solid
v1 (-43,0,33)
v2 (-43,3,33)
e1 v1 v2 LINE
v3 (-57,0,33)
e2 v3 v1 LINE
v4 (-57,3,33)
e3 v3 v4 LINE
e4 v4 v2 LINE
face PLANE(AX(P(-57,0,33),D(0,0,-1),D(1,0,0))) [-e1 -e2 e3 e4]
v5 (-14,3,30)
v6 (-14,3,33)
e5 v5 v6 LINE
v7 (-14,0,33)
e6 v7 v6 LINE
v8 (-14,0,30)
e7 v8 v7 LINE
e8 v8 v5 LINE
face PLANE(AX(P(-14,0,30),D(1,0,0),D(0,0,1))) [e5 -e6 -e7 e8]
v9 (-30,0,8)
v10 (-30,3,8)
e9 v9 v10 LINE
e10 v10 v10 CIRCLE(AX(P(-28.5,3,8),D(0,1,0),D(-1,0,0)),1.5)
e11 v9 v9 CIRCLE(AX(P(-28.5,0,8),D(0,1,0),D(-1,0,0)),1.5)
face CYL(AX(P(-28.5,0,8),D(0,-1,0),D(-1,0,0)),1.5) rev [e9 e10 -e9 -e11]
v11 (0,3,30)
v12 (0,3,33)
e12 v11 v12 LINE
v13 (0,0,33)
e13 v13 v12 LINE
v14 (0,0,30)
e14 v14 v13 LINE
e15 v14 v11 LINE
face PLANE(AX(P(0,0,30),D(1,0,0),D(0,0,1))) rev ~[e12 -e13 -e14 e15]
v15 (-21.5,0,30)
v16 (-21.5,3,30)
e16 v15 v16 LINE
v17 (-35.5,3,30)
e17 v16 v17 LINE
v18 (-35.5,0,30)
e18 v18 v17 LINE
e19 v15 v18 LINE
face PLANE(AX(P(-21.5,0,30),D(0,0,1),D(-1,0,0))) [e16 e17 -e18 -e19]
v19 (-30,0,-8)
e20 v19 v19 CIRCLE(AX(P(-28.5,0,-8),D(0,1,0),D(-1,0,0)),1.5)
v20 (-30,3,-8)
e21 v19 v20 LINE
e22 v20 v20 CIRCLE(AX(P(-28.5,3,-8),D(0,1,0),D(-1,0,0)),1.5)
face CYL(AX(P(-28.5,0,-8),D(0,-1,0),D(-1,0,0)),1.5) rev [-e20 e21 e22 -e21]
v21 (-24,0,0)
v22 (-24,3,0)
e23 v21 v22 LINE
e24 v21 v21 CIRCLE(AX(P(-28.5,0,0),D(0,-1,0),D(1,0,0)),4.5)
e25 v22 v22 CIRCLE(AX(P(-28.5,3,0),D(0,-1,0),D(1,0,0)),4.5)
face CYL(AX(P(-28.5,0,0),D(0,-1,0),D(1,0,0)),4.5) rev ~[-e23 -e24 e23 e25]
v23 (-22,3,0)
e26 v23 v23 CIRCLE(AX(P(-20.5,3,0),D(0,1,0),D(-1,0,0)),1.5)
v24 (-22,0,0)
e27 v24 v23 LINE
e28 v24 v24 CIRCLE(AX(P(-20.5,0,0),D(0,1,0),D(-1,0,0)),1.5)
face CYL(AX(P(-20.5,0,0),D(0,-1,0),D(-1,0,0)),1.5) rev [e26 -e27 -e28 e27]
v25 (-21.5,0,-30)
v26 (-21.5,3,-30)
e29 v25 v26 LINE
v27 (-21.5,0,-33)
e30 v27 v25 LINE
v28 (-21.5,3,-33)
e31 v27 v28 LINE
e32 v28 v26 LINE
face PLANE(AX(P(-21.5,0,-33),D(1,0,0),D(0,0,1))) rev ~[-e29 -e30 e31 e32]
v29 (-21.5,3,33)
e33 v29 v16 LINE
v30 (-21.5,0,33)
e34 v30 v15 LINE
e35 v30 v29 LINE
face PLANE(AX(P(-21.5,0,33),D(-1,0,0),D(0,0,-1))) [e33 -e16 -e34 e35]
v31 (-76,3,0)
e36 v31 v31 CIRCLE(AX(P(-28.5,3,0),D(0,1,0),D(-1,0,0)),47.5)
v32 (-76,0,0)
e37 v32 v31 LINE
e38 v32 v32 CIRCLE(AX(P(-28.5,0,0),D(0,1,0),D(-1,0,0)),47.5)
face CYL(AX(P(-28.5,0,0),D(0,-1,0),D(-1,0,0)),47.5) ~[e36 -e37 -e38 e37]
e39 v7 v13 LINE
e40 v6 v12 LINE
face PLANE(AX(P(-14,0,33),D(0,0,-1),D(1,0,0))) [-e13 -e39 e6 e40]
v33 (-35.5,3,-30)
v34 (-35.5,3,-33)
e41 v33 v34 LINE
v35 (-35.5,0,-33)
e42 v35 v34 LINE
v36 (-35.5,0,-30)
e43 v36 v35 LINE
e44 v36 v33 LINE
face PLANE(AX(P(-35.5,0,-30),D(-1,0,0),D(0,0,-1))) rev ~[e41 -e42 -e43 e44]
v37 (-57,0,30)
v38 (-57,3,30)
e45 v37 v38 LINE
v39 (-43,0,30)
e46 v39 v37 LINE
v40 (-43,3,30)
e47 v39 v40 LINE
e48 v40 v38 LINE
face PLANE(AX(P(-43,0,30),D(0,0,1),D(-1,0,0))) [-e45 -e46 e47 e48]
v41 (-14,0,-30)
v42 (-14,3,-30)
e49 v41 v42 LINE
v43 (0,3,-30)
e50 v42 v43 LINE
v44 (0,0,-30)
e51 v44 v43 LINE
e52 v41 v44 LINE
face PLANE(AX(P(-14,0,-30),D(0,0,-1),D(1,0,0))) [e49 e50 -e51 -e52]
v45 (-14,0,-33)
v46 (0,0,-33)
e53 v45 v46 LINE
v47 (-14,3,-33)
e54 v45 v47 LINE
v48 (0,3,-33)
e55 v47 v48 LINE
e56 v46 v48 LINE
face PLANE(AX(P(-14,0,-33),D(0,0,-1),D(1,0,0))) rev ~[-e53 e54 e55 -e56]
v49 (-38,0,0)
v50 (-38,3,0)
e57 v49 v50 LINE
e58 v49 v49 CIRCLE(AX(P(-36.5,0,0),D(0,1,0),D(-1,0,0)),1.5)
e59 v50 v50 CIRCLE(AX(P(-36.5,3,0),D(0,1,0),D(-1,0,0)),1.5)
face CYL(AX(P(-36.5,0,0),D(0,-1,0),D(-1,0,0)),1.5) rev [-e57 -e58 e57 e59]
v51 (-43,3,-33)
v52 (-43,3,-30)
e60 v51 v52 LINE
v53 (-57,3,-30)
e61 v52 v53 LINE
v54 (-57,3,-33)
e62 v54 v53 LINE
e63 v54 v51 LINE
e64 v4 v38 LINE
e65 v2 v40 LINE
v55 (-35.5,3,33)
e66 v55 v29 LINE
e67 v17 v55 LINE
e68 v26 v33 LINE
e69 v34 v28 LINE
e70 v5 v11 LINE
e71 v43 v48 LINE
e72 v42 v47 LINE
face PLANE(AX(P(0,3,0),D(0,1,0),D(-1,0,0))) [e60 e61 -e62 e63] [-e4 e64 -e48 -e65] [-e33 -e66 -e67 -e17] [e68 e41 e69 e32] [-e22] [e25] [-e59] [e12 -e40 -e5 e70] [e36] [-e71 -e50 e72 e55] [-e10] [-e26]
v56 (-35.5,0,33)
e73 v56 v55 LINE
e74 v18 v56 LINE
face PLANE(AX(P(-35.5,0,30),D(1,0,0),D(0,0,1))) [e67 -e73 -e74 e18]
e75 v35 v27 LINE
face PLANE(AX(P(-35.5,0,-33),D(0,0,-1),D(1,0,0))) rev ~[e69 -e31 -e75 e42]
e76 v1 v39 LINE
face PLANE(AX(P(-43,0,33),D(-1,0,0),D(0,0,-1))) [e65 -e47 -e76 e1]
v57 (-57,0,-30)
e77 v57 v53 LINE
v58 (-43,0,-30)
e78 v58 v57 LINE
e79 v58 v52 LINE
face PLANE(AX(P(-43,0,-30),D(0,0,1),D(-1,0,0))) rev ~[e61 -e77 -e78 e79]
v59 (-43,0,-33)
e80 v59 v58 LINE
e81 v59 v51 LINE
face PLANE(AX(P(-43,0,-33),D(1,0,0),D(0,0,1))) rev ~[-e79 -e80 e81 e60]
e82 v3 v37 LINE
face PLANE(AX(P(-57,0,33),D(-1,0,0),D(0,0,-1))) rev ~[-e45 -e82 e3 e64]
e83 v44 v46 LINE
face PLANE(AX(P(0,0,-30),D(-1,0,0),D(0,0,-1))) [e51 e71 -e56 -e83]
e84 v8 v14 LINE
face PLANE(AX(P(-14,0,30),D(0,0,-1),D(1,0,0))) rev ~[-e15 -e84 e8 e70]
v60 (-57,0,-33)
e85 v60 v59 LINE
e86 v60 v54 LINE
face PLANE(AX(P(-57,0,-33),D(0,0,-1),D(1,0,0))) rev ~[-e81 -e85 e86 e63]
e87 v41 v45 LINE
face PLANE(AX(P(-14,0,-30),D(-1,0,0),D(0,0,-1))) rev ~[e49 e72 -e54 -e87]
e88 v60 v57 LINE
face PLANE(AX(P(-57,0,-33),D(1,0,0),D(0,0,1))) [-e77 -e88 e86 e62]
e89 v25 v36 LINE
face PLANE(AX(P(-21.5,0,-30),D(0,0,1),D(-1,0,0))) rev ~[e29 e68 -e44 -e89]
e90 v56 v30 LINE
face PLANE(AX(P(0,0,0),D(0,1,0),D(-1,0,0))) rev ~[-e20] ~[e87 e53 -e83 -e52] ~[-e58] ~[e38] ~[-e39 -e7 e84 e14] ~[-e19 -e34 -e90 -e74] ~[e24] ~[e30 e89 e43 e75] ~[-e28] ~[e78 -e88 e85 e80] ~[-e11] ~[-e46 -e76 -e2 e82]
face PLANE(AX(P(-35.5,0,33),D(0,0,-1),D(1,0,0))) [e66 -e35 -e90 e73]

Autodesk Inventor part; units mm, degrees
ref_plane "YZ Plane" through (0, 0, 0) normal (1, 0, 0) x (0, 1, 0)
ref_plane "XZ Plane" through (0, 0, 0) normal (0, 1, 0) x (-1, 0, 0)
ref_plane "XY Plane" through (0, 0, 0) normal (0, 0, 1) x (1, 0, 0)
sketch "Boceto1" plane through (0, 0, 0) normal (0, 1, 0) x (-1, 0, 0)
  circle A0 centre (28.5, 0) radius 1.5
  circle A1 centre (28.5, -8) radius 1.5
  circle A2 centre (28.5, 8) radius 1.5
  circle A3 centre (36.5, 0) radius 1.5
  circle A4 centre (20.5, 0) radius 1.5
  circle A5 centre (28.5, 0) radius 47.5
  line L0 (57, 33) -> (43, 33)
  line L1 (43, 33) -> (43, 30)
  line L2 (35.5, 30) -> (35.5, 33)
  line L3 (35.5, 33) -> (21.5, 33)
  line L4 (21.5, 33) -> (21.5, 30)
  line L5 (14, 30) -> (14, 33)
  line L6 (14, 33) -> (0, 33)
  line L7 (43, 30) -> (57, 30)
  line L8 (21.5, 30) -> (35.5, 30)
  line L9 (14, 30) -> (0, 30)
  line L10 (0, 30) -> (0, 33)
  line L11 (57, 33) -> (57, 30)
  line L12 (35.5, -30) -> (35.5, -33)
  line L13 (21.5, -30) -> (35.5, -30)
  line L14 (35.5, -33) -> (21.5, -33)
  line L15 (21.5, -33) -> (21.5, -30)
  line L16 (57, -33) -> (43, -33)
  line L17 (43, -33) -> (43, -30)
  line L18 (43, -30) -> (57, -30)
  line L19 (14, -30) -> (14, -33)
  line L20 (14, -30) -> (0, -30)
  line L21 (14, -33) -> (0, -33)
  line L22 (0, -30) -> (0, -33)
  line L23 (57, -33) -> (57, -30)
extrude "Extrusión1" add sketch "Boceto1" along normal blind 3
sketch "Boceto2" plane through (-28.5, 0, 0) normal (0, -1, 0) x (1, 0, 0)
  circle A0 centre (0, 0) radius 3.5
  point P0 (28.5, 0)
  dimension "d23" = 7
extrude "Extrusión2" cut sketch "Boceto2" against normal blind 10
sketch "Boceto3" plane through (-28.5, 0, 0) normal (0, -1, 0) x (1, 0, 0)
  circle A0 centre (0, 0) radius 4.5
  point P0 (28.5, 0)
  dimension "d26" = 9
extrude "Extrusión3" cut sketch "Boceto3" against normal blind 10
properties part number "base"
